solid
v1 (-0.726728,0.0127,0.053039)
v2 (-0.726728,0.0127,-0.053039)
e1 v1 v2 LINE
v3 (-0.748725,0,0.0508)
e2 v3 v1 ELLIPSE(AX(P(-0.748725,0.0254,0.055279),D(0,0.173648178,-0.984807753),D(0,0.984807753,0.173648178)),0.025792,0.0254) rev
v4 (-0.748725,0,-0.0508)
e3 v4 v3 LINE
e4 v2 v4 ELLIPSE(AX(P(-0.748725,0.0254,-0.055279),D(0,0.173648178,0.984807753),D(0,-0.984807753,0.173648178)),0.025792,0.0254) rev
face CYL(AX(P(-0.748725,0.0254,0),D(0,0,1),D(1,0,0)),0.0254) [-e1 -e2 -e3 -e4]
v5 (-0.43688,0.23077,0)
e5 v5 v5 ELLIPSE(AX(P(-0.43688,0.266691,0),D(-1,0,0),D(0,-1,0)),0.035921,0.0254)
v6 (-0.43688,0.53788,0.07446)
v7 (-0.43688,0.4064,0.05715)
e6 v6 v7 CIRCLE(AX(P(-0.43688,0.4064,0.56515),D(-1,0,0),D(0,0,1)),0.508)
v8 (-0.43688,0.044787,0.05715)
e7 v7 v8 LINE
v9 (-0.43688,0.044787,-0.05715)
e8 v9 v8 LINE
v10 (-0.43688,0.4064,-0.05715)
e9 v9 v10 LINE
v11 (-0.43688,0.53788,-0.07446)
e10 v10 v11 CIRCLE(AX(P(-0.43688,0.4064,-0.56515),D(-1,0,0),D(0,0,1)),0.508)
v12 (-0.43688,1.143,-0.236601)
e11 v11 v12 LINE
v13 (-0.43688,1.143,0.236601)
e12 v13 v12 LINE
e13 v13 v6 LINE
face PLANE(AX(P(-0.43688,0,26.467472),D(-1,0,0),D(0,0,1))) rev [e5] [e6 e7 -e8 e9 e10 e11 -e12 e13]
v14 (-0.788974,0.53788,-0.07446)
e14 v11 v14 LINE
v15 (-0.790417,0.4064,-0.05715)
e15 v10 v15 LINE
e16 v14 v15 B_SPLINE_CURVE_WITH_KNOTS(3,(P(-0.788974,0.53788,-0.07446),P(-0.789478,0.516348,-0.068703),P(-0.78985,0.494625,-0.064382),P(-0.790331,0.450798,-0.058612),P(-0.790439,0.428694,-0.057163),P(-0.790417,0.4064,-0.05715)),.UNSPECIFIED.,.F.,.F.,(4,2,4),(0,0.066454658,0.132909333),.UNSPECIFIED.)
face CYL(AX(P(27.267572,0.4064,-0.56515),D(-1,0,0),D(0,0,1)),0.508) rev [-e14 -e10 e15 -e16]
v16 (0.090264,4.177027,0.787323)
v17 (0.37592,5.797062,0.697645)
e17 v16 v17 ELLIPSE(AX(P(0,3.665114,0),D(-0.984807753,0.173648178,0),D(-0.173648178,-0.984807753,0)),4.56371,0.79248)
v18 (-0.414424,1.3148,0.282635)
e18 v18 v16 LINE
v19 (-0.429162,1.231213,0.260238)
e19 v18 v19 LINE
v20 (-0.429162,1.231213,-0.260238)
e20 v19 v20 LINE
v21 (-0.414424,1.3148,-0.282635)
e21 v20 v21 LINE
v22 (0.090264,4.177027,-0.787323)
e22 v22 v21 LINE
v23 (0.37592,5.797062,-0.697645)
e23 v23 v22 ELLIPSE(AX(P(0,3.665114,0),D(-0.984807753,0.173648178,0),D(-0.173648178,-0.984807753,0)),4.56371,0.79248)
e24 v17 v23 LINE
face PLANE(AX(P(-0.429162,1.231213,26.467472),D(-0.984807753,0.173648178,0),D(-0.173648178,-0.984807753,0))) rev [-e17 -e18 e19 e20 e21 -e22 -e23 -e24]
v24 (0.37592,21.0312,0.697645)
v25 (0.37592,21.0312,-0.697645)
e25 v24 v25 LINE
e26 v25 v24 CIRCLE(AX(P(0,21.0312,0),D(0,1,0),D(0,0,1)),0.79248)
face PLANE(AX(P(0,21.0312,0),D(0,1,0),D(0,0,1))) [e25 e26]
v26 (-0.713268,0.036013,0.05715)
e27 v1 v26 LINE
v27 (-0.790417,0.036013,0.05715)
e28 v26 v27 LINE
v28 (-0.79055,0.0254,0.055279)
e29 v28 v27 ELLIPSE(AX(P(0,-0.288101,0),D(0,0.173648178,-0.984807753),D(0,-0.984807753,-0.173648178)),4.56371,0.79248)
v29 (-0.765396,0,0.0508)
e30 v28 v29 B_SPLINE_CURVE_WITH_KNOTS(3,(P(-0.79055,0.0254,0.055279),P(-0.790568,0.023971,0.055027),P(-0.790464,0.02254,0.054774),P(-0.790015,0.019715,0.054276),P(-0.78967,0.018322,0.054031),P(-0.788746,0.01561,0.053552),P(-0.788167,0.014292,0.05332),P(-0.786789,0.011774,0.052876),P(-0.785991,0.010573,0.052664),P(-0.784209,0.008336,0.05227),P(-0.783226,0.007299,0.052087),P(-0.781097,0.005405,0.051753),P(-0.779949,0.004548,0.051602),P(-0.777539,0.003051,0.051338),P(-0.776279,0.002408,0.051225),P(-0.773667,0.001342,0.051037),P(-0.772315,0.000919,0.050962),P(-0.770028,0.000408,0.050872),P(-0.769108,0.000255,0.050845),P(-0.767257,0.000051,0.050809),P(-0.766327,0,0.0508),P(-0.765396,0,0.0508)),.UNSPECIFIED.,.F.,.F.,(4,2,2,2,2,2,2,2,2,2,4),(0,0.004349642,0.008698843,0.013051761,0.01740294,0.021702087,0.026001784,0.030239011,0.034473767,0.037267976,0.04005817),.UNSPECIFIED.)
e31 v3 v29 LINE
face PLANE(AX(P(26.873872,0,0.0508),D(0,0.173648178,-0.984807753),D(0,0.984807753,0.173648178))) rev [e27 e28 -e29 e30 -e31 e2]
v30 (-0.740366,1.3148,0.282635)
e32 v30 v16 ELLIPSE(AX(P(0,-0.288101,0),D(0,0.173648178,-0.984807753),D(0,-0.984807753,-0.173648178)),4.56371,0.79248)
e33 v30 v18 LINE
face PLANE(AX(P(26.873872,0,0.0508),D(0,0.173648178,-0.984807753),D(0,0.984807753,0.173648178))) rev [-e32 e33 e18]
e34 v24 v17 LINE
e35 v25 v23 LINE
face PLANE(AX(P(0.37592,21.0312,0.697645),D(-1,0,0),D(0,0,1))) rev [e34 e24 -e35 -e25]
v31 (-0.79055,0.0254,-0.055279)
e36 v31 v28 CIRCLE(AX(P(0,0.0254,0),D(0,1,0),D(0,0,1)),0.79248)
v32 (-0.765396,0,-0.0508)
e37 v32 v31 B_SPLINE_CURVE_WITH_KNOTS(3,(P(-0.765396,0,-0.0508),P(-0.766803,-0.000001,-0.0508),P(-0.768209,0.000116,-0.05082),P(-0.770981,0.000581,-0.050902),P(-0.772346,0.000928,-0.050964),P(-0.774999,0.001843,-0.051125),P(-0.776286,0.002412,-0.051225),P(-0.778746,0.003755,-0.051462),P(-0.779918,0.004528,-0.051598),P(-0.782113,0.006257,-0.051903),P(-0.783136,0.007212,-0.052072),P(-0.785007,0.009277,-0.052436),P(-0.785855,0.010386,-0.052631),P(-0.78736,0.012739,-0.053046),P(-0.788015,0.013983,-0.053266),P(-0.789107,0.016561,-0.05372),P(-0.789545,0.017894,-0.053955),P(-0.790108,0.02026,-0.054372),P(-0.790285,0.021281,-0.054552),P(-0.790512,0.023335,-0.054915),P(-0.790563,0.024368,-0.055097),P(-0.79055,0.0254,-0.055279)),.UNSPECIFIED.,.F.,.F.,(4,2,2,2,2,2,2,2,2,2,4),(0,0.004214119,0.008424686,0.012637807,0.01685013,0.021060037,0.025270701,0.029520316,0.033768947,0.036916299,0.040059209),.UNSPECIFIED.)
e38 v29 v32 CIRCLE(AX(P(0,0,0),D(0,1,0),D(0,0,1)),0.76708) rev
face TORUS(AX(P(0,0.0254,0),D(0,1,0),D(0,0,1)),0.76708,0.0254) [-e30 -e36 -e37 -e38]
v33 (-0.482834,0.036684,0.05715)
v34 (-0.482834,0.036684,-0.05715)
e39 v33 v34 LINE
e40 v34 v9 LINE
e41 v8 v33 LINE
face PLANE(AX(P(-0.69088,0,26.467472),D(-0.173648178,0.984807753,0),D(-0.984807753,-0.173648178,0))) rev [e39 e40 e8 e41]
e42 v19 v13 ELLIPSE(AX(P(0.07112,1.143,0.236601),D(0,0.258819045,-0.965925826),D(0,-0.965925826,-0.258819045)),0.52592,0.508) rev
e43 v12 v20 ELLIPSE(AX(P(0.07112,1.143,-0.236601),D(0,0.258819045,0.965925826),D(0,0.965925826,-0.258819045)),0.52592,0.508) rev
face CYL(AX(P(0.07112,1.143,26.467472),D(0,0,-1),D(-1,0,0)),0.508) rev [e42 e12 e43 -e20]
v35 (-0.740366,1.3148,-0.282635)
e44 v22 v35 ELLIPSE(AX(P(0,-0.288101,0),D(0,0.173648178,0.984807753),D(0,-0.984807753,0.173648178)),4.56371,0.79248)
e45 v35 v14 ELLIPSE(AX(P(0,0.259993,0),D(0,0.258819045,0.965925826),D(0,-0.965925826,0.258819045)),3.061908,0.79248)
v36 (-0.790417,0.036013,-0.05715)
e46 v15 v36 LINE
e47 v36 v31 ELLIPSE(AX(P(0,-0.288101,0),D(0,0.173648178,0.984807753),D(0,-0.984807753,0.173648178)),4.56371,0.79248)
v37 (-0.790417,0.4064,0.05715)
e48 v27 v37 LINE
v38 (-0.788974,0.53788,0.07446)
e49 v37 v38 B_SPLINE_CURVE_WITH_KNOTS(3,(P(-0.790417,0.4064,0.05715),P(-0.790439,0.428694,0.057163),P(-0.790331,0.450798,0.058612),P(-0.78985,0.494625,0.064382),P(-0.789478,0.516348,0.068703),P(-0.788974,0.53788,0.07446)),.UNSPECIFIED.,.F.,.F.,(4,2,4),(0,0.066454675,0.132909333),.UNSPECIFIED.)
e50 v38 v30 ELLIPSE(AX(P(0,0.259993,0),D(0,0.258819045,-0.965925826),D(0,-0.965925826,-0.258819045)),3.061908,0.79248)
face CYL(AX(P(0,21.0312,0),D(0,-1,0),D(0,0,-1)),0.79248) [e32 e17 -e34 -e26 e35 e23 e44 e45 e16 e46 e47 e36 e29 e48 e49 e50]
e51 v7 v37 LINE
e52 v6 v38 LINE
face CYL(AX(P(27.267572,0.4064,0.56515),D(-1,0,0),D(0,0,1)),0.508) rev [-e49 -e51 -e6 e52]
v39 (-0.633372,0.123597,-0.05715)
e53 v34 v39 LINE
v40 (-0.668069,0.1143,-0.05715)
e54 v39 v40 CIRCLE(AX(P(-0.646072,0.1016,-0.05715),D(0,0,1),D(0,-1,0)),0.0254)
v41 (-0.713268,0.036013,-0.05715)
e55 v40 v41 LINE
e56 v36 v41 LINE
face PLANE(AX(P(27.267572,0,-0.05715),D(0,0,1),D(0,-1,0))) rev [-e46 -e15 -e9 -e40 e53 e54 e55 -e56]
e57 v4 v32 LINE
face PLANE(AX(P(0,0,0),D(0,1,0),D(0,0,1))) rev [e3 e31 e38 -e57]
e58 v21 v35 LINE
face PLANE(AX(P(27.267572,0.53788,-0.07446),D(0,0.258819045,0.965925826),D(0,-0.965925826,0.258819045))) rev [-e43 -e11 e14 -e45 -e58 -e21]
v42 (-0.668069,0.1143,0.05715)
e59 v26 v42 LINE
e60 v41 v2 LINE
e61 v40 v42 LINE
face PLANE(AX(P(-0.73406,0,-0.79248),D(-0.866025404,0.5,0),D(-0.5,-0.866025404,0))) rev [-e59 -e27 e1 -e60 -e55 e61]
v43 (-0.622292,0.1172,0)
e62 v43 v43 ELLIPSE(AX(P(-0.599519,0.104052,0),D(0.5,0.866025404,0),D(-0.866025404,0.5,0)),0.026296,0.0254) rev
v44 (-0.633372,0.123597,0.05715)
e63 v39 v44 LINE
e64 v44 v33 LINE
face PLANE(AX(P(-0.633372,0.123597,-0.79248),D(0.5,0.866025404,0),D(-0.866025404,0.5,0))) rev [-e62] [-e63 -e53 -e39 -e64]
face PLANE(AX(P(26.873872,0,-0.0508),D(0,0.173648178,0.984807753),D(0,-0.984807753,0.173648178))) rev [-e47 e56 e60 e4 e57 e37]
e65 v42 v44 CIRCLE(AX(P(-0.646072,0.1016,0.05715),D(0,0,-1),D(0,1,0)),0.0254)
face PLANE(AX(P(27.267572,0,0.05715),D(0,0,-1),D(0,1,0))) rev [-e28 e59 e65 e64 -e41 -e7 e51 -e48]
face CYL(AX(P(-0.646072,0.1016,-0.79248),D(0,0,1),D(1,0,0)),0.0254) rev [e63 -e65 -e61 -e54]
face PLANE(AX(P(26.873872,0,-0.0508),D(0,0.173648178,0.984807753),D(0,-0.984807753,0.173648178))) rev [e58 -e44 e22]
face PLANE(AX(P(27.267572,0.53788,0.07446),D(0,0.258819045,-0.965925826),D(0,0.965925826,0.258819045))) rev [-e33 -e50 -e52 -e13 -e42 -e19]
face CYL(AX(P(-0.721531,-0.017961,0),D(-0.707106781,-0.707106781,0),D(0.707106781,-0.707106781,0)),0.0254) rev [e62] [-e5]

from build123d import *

# Parameters (mm, degrees)
TD_REV_FEATURE_DEPTH            = 21.0312
ISA_REV_FEATURE_DEPTH           = 22.061040395
ISA_REV_FEATURE_DEPTH_BACK      = 22.061040395
BA_REV_FEATURE_DEPTH            = 22.061040395
BA_REV_FEATURE_DEPTH_BACK       = 22.061040395
SLB_REV_FEATURE_DEPTH           = 22.061040395
SLB_REV_FEATURE_DEPTH_BACK      = 22.061040395
VR_REV_FEATURE_DEPTH            = 22.061040395
VR_REV_FEATURE_DEPTH_BACK       = 22.061040395
ND_REV_FEATURE_DEPTH            = 22.061040503
ND_REV_FEATURE_DEPTH_BACK       = 22.061040503
REV_HOLE_CUT_FEATURE_DEPTH      = 22.162851782
REV_HOLE_CUT_FEATURE_DEPTH_BACK = 22.162851782
REV_F_FR_FEATURE_R              = 0.0254
REV_F_BR_FEATURE_R              = 0.0254


with BuildPart() as part:
    # td_rev_sketch → td_rev_feature (new body)
    with BuildSketch(Plane(origin=(0, 0, 0), x_dir=(1, 0, 0), z_dir=(0, 1, 0))):
        with BuildLine():
            Line((0.37592, -0.697645113), (0.37592, 0.697645113))
            ThreePointArc((0.37592, 0.697645113), (-0.79248, 0), (0.37592, -0.697645113))
        make_face()
    extrude(amount=TD_REV_FEATURE_DEPTH)

    # isa_rev_sketch → isa_rev_feature (cut, two sides: drawn at the far end of the back side and taken through both)
    with BuildSketch(Plane(origin=(0, 0, 0), x_dir=(0, 0, -1), z_dir=(1, 0, 0)).offset(-ISA_REV_FEATURE_DEPTH_BACK)):
        Polygon((8.398066277, 47.339699483), (0.79248, 4.2062763), (0.0508, 0), (-0.0508, 0), (-0.79248, 4.2062763), (-8.398066277, 47.339699483), (-8.398066277, -40.25795204), (8.398066277, -40.25795204), align=None)
    extrude(amount=ISA_REV_FEATURE_DEPTH + ISA_REV_FEATURE_DEPTH_BACK, mode=Mode.SUBTRACT)

    # ba_rev_sketch → ba_rev_feature (cut, two sides: drawn at the far end of the back side and taken through both)
    with BuildSketch(Plane.XY.offset(-BA_REV_FEATURE_DEPTH_BACK)):
        Polygon((-52.01559187, -9.04993148), (-0.69088, 0), (-0.428729423, 0.04622422), (0.37592, 4.609617863), (9.42585148, 55.934329733), (85.165346017, -15.675992153), (23.723902667, -80.660253365), align=None)
    extrude(amount=BA_REV_FEATURE_DEPTH + BA_REV_FEATURE_DEPTH_BACK, mode=Mode.SUBTRACT)

    # slb_rev_sketch → slb_rev_feature (cut, two sides: drawn at the far end of the back side and taken through both)
    with BuildSketch(Plane.XY.offset(-SLB_REV_FEATURE_DEPTH_BACK)):
        with BuildLine():
            Line((-0.43688, -52.09380084), (-0.43688, 0))
            Line((-0.43688, 0), (-0.43688, 1.143))
            ThreePointArc((-0.43688, 1.143), (-0.434946907, 1.187275117), (-0.429162339, 1.231213274))
            Line((-0.429162339, 1.231213274), (0.37592, 5.797062104))
            Line((0.37592, 5.797062104), (9.421913584, 57.099441055))
            Line((9.421913584, 57.099441055), (113.187433376, 47.730703366))
            Line((113.187433376, 47.730703366), (103.328639792, -61.462538529))
            Line((103.328639792, -61.462538529), (-0.43688, -52.09380084))
        make_face()
    extrude(amount=SLB_REV_FEATURE_DEPTH + SLB_REV_FEATURE_DEPTH_BACK, mode=Mode.SUBTRACT)

    # vr_rev_sketch → vr_rev_feature (cut, two sides: drawn at the far end of the back side and taken through both)
    with BuildSketch(Plane(origin=(0, 0, 0), x_dir=(0, 0, -1), z_dir=(1, 0, 0)).offset(-VR_REV_FEATURE_DEPTH_BACK)):
        with BuildLine():
            Line((12.638111697, 47.42606773), (0.79248, 3.217568389))
            Line((0.79248, 3.217568389), (0.07445968, 0.537880075))
            ThreePointArc((0.07445968, 0.537880075), (0.06149601, 0.472707306), (0.05715, 0.4064))
            Line((0.05715, 0.4064), (0.05715, 0))
            Line((0.05715, 0), (-0.05715, 0))
            Line((-0.05715, 0), (-0.05715, 0.4064))
            ThreePointArc((-0.05715, 0.4064), (-0.06149601, 0.472707306), (-0.07445968, 0.537880075))
            Line((-0.07445968, 0.537880075), (-0.79248, 3.217568389))
            Line((-0.79248, 3.217568389), (-12.638111697, 47.42606773))
            Line((-12.638111697, 47.42606773), (-12.638111697, -44.109944949))
            Line((-12.638111697, -44.109944949), (12.638111697, -44.109944949))
            Line((12.638111697, -44.109944949), (12.638111697, 47.42606773))
        make_face()
    extrude(amount=VR_REV_FEATURE_DEPTH + VR_REV_FEATURE_DEPTH_BACK, mode=Mode.SUBTRACT)

    # erw_rev_sketch → nd_rev_feature (cut, two sides: drawn at the far end of the back side and taken through both)
    with BuildSketch(Plane.XY.offset(-ND_REV_FEATURE_DEPTH_BACK)):
        with BuildLine():
            Line((-0.73406, 0), (-0.668068864, 0.1143))
            ThreePointArc((-0.668068864, 0.1143), (-0.652645823, 0.126134516), (-0.633371819, 0.123597045))
            Line((-0.633371819, 0.123597045), (-0.476954112, 0.03328924))
            Line((-0.476954112, 0.03328924), (-0.419295457, 0))
            Line((-0.419295457, 0), (-0.73406, 0))
        make_face()
    extrude(amount=ND_REV_FEATURE_DEPTH + ND_REV_FEATURE_DEPTH_BACK, mode=Mode.SUBTRACT)


with BuildPart() as body_2:
    # rev_hole_sketch → rev_hole_feature (revolve)
    with BuildSketch(Plane.XY):
        Polygon((-0.703570884, -0.035921024), (-0.721531396, -0.017960512), (1.354405484, 2.057976368), (2.104599043, 1.307782809), (-0.395400957, 0.272248903), align=None)
    revolve(axis=Axis((-0.721531396, -0.017960512, 0), (0.7071067811865462, 0.7071067811865489, 0)))

    # rev_hole_cut_sketch → rev_hole_cut_feature (cut, two sides: drawn at the far end of the back side and taken through both)
    with BuildSketch(Plane.XY.offset(-REV_HOLE_CUT_FEATURE_DEPTH_BACK)):
        Polygon((-46.14120993, 26.397559629), (-0.79248, 0.215458196), (-0.419295457, 0), (44.929434473, -26.182101432), (-7.434768392, -116.879561292), (-98.505412795, -64.299900231), align=None)
    extrude(amount=REV_HOLE_CUT_FEATURE_DEPTH + REV_HOLE_CUT_FEATURE_DEPTH_BACK, mode=Mode.SUBTRACT)


with BuildPart() as part_1:
    add(part.part)

    # rev_hole_combine: cut body 2
    add(body_2.part, mode=Mode.SUBTRACT)

    # rev_f_fr_feature
    rev_f_fr_feature_edges = [part_1.edges().sort_by_distance(p)[0] for p in [
        (-0.79248, 0, 0),
    ]]
    fillet(rev_f_fr_feature_edges, radius=REV_F_FR_FEATURE_R)

    # rev_f_br_feature
    rev_f_br_feature_edges = [part_1.edges().sort_by_distance(p)[0] for p in [
        (-0.73406, 0, 0),
    ]]
    fillet(rev_f_br_feature_edges, radius=REV_F_BR_FEATURE_R)


solid = part_1.part
